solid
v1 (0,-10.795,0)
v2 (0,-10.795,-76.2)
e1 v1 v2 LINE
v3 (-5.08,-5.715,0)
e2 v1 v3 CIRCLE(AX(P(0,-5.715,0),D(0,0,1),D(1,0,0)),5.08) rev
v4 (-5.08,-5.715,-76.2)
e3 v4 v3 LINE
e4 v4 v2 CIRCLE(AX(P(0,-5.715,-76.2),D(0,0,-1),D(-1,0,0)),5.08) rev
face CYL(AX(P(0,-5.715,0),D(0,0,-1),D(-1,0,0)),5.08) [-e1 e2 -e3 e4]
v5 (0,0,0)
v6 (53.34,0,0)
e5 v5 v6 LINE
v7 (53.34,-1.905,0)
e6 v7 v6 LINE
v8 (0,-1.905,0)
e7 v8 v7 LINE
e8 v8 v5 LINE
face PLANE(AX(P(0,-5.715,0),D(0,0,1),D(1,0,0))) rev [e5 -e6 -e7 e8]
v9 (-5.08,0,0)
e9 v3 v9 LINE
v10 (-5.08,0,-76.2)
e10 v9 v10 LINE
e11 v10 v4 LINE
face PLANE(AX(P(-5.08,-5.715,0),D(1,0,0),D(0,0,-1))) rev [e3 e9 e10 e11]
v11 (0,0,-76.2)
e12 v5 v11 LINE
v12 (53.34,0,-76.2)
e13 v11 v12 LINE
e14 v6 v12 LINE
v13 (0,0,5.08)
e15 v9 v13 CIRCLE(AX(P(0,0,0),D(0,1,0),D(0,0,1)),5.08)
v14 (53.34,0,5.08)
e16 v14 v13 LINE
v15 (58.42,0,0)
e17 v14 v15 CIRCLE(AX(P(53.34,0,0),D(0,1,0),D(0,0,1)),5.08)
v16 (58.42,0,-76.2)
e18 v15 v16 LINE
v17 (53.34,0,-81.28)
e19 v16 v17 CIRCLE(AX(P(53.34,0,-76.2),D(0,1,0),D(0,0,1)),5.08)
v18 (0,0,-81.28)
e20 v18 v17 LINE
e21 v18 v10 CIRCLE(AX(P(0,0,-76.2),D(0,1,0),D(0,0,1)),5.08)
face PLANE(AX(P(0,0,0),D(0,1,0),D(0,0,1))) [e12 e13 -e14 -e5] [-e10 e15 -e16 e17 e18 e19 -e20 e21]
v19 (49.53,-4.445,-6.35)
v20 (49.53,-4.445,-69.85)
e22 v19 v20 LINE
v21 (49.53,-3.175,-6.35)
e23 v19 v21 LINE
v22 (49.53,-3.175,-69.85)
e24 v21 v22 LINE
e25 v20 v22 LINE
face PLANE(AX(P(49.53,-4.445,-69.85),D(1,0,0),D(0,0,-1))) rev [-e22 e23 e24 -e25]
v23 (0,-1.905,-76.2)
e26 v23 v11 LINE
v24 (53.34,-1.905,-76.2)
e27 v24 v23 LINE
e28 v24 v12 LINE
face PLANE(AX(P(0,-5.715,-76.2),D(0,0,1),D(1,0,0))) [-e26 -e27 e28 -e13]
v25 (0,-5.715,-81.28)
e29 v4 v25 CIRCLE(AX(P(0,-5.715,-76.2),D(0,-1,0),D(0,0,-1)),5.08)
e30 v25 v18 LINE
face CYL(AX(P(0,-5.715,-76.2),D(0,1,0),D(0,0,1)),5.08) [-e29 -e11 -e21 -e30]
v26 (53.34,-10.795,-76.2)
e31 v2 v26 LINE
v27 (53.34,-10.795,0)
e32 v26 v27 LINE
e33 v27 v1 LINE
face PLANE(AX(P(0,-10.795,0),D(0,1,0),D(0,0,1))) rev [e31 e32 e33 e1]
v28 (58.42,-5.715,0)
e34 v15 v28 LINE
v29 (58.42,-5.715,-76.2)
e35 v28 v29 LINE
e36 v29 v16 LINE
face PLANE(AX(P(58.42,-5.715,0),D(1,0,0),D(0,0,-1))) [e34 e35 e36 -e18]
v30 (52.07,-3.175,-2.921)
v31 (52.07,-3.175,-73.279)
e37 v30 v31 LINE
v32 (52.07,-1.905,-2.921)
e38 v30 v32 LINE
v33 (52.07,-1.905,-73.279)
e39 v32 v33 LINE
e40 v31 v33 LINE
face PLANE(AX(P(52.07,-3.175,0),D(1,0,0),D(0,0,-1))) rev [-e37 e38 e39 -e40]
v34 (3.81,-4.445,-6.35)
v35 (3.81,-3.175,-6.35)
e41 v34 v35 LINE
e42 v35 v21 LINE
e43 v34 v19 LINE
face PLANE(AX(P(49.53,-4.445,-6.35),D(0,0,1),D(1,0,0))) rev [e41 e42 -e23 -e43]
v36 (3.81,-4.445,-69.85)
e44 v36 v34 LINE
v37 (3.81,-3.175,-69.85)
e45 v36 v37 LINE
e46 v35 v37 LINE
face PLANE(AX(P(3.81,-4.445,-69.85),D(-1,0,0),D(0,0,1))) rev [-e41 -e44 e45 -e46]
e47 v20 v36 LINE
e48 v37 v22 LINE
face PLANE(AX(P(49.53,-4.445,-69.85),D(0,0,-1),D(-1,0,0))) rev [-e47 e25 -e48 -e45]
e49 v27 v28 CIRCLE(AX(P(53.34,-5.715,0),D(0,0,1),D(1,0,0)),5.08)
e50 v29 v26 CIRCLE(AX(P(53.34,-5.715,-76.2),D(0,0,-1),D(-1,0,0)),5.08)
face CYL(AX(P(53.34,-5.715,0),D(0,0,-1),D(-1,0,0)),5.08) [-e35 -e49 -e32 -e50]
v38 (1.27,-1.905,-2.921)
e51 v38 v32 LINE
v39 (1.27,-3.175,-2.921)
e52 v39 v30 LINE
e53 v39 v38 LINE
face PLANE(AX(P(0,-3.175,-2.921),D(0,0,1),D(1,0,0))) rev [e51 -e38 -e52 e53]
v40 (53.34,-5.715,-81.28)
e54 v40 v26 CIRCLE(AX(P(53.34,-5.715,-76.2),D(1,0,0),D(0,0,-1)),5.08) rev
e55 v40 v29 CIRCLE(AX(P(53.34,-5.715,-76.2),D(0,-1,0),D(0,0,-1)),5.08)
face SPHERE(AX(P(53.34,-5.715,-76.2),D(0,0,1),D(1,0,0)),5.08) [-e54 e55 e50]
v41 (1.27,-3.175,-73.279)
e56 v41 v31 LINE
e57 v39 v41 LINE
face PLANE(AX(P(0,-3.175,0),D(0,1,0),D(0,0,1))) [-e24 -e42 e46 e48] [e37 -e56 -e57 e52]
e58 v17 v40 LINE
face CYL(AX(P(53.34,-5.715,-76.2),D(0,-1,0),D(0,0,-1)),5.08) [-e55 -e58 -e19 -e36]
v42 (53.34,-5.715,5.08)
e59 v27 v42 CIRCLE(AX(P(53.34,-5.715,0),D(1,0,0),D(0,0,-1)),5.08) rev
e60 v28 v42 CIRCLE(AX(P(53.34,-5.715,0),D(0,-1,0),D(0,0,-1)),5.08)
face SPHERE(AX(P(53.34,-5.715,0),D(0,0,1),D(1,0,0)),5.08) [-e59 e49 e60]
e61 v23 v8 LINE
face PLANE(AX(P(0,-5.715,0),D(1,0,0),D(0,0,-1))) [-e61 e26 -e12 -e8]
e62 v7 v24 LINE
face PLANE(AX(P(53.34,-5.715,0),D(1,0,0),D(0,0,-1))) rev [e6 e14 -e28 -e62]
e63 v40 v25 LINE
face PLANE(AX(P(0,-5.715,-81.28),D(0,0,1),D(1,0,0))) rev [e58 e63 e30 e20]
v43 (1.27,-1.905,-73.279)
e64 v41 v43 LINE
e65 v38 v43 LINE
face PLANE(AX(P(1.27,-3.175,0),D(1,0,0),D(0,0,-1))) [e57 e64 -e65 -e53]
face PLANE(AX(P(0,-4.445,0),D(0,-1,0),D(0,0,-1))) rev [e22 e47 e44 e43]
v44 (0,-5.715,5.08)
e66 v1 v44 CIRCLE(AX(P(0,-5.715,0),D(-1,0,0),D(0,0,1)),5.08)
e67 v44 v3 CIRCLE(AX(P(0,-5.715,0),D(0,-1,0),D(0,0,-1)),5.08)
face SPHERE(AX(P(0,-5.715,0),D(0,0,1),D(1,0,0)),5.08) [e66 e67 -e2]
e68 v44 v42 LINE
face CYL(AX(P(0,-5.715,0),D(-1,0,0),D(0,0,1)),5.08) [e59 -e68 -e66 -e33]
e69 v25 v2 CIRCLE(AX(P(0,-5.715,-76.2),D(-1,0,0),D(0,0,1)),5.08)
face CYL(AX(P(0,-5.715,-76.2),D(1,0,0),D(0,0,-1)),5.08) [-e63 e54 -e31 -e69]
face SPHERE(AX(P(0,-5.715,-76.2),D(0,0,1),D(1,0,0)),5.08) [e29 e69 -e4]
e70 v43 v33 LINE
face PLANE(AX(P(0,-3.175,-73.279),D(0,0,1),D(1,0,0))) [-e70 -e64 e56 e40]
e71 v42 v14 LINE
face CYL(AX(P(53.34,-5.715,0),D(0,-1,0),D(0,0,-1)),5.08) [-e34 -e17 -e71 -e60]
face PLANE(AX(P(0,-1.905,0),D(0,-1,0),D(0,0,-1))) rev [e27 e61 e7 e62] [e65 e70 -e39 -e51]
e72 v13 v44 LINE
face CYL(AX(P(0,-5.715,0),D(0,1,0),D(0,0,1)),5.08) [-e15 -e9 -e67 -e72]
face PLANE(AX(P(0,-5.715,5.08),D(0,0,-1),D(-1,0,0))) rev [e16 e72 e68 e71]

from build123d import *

# Parameters (mm, degrees)
SKETCH1_W           = 5.08
SKETCH1_H           = 5.08
BOSS_EXTRUDE1_DEPTH = 5.715
SKETCH2_W           = 63.5
SKETCH2_H           = 86.36
BOSS_EXTRUDE2_DEPTH = 5.08
FILLET1_R           = 5.08
SKETCH3_W           = 53.34
SKETCH3_H           = 76.2
BOSS_EXTRUDE3_DEPTH = 3.81
CUT_EXTRUDE1_DEPTH  = 1.27
SKETCH6_W           = 45.72
SKETCH6_H           = 63.5
CUT_EXTRUDE2_DEPTH  = 2.54


with BuildPart() as part:
    # Sketch1 → Boss-Extrude1 (new body)
    with BuildSketch(Plane(origin=(0, 0, 0), x_dir=(1, 0, 0), z_dir=(0, 1, 0))):
        Polygon((-5.08, 0), (0, 0), (0, 76.2), (53.34, 76.2), (53.34, 81.28), (-5.08, 81.28), align=None)
        Polygon((53.34, 0), (0, 0), (0, -5.08), (58.42, -5.08), (58.42, 76.2), (53.34, 76.2), align=None)
        with Locations((-2.54, -2.54)):
            Rectangle(SKETCH1_W, SKETCH1_H)
        with Locations((55.88, 78.74)):
            Rectangle(SKETCH1_W, SKETCH1_H)
    extrude(amount=-BOSS_EXTRUDE1_DEPTH)

    # Sketch2 → Boss-Extrude2 (add)
    with BuildSketch(Plane(origin=(0, -5.715, 0), x_dir=(-1, 0, 0), z_dir=(0, -1, 0))):
        with Locations((-26.67, 38.1)):
            Rectangle(SKETCH2_W, SKETCH2_H)
    extrude(amount=BOSS_EXTRUDE2_DEPTH)

    # Fillet1
    fillet1_edges = [part.edges().sort_by_distance(p)[0] for p in [
        (-5.08, -5.3975, 5.08),
        (-5.08, -5.3975, -81.28),
        (58.42, -5.3975, -81.28),
        (58.42, -5.3975, 5.08),
        (-5.08, -10.795, -38.1),
        (26.67, -10.795, -81.28),
        (58.42, -10.795, -38.1),
        (26.67, -10.795, 5.08),
    ]]
    fillet(fillet1_edges, radius=FILLET1_R)

    # Sketch3 → Boss-Extrude3 (add)
    with BuildSketch(Plane(origin=(0, -5.715, 0), x_dir=(1, 0, 0), z_dir=(0, 1, 0))):
        with Locations((26.67, 38.1)):
            Rectangle(SKETCH3_W, SKETCH3_H)
    extrude(amount=BOSS_EXTRUDE3_DEPTH)

    # Sketch4 → Cut-Extrude1 (cut)
    with BuildSketch(Plane(origin=(0, -1.905, 0), x_dir=(1, 0, 0), z_dir=(0, 1, 0))):
        Polygon((48.895, 69.85), (51.2953, 73.279), (2.0447, 73.279), (4.445, 69.85), align=None)
        Polygon((52.07, 73.279), (51.2953, 73.279), (48.895, 69.85), (49.53, 69.85), (49.53, 6.35), (48.895, 6.35), (51.2953, 2.921), (52.07, 2.921), align=None)
        Polygon((48.895, 6.35), (4.445, 6.35), (2.0447, 2.921), (51.2953, 2.921), align=None)
        Polygon((4.445, 69.85), (2.0447, 73.279), (1.27, 73.279), (1.27, 2.921), (2.0447, 2.921), (4.445, 6.35), (3.81, 6.35), (3.81, 69.85), align=None)
    extrude(amount=-CUT_EXTRUDE1_DEPTH, mode=Mode.SUBTRACT)

    # Sketch6 → Cut-Extrude2 (cut)
    with BuildSketch(Plane(origin=(0, -1.905, 0), x_dir=(1, 0, 0), z_dir=(0, 1, 0))):
        with Locations((26.67, 38.1)):
            Rectangle(SKETCH6_W, SKETCH6_H)
    extrude(amount=-CUT_EXTRUDE2_DEPTH, mode=Mode.SUBTRACT)


solid = part.part
